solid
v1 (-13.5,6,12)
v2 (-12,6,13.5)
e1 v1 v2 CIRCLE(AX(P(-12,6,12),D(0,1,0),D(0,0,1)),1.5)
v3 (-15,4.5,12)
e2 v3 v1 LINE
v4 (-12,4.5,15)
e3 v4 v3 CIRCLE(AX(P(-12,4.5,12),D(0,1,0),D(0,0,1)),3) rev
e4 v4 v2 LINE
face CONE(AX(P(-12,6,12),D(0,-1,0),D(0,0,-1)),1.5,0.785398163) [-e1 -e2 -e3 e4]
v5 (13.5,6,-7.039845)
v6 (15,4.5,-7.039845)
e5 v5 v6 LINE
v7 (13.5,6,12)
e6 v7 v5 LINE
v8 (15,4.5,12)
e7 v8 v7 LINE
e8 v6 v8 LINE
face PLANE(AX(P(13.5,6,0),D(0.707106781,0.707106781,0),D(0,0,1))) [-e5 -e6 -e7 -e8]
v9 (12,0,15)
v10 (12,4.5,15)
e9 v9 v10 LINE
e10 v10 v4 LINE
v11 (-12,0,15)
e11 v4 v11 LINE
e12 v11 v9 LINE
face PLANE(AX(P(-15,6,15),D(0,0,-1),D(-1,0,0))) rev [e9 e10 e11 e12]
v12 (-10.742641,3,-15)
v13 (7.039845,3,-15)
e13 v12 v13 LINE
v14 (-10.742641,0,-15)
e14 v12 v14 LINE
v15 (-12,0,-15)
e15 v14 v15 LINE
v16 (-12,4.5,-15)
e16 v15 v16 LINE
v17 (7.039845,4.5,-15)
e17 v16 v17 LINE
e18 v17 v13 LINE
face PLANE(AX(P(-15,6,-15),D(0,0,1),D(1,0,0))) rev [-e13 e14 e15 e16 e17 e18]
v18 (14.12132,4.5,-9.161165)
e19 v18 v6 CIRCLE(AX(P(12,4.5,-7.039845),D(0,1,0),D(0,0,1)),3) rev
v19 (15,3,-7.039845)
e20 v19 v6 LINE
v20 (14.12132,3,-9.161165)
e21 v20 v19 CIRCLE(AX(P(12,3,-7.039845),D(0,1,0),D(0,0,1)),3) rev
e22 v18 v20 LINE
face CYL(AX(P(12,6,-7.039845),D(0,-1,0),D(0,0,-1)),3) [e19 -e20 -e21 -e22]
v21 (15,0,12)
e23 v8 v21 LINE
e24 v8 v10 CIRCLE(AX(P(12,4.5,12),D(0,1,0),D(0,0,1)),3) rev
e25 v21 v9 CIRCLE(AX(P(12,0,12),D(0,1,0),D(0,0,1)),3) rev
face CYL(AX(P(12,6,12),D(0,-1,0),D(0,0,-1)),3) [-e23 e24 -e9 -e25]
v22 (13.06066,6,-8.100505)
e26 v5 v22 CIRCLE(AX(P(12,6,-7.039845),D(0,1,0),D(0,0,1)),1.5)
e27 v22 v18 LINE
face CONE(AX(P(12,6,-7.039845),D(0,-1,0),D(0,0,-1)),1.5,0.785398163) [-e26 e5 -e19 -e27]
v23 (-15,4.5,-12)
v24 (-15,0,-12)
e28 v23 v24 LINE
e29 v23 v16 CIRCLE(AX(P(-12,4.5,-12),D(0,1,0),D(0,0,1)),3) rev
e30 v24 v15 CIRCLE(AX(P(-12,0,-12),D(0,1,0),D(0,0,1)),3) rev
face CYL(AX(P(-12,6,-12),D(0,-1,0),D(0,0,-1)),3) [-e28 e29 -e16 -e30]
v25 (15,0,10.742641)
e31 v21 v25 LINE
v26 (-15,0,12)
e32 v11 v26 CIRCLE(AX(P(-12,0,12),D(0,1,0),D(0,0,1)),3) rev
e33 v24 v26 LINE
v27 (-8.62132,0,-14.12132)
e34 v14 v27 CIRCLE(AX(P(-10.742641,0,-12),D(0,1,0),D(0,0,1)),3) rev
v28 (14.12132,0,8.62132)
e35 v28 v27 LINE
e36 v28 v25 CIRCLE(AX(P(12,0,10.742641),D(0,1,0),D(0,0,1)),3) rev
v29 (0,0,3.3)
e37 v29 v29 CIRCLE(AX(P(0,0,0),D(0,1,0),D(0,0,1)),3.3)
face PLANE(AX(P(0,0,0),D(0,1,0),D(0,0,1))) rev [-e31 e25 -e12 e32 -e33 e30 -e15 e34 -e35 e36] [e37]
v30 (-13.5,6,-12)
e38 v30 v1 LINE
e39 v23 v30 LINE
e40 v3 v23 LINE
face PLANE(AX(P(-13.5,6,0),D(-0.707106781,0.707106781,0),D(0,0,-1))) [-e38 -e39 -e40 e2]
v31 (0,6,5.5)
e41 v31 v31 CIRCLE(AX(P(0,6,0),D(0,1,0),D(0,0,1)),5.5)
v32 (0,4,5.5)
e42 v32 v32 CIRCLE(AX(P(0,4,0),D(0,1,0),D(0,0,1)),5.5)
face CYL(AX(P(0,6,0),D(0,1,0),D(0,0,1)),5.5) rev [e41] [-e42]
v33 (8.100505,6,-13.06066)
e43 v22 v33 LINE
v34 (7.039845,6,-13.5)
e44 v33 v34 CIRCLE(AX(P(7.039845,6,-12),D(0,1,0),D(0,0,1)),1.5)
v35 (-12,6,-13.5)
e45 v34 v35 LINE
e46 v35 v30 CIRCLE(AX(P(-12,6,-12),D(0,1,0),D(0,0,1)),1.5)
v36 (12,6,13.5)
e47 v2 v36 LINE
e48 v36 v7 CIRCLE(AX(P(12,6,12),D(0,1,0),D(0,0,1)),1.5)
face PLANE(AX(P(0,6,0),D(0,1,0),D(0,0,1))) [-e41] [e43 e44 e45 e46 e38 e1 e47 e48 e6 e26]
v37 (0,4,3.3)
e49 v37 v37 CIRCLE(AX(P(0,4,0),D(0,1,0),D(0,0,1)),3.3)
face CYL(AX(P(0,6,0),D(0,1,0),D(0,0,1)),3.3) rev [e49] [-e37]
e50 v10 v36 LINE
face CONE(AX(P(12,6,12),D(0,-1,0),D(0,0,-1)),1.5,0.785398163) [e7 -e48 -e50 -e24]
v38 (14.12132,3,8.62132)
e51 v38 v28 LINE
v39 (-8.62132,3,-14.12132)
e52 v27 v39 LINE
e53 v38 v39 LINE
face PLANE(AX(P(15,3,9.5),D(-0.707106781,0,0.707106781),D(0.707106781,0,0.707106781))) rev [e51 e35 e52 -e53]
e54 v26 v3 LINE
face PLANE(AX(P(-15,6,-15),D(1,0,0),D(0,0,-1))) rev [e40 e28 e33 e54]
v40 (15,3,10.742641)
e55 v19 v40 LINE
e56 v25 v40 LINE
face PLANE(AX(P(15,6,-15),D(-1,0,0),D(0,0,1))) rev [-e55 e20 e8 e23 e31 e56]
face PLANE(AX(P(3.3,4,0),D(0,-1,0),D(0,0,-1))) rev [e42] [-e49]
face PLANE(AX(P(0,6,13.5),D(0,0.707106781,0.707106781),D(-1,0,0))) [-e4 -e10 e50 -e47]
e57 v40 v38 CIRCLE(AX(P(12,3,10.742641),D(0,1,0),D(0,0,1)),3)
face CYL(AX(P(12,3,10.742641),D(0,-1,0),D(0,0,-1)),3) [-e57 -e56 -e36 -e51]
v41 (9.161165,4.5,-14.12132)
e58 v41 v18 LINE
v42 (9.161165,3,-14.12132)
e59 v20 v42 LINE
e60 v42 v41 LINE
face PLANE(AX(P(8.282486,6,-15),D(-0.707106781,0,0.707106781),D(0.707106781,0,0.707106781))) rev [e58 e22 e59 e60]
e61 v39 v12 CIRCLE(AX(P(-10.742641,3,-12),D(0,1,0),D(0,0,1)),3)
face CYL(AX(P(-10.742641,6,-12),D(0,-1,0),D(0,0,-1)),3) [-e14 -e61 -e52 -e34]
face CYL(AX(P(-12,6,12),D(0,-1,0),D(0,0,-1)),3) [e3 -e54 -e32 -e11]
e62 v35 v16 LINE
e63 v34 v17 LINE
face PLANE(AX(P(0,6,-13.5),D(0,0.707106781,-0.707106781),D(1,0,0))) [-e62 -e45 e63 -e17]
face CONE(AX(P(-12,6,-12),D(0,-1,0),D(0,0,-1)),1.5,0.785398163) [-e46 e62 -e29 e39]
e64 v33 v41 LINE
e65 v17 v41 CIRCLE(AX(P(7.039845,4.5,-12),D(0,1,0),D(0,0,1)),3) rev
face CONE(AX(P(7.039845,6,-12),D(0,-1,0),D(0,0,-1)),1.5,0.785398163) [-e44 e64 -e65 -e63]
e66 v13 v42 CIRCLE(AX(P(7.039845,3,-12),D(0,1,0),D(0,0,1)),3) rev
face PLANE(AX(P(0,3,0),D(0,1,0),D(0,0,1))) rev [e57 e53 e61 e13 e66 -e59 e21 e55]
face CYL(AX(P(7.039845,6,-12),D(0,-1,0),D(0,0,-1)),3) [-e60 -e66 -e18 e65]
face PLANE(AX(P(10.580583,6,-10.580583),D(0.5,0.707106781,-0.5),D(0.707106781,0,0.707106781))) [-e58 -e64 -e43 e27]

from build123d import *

# Parameters (mm, degrees)
SKETCH1_W                                           = 30
SKETCH1_H                                           = 30
BOSS_EXTRUDE1_DEPTH                                 = 6
CUT_EXTRUDE1_DEPTH                                  = 3
CUT_EXTRUDE2_DEPTH                                  = 22.424285286
FILLET1_R                                           = 3
CHAMFER1_SIZE                                       = 1.5
CBORE_FOR_M6_HEX_SOCKET_HEAD_CAP_SCREW1_D           = 6.6
CBORE_FOR_M6_HEX_SOCKET_HEAD_CAP_SCREW1_CBORE_D     = 11
CBORE_FOR_M6_HEX_SOCKET_HEAD_CAP_SCREW1_CBORE_DEPTH = 2


with BuildPart() as part:
    # Sketch1 → Boss-Extrude1 (new body)
    with BuildSketch(Plane(origin=(0, 0, 0), x_dir=(1, 0, 0), z_dir=(0, 1, 0))):
        Rectangle(SKETCH1_W, SKETCH1_H)
    extrude(amount=BOSS_EXTRUDE1_DEPTH)

    # Sketch2 → Cut-Extrude1 (cut)
    with BuildSketch(Plane.XZ):
        Polygon((15, 9.5), (-9.5, -15), (15, -15), align=None)
    extrude(amount=-CUT_EXTRUDE1_DEPTH, mode=Mode.SUBTRACT)

    # Sketch3 → Cut-Extrude2 (cut, through all)
    with BuildSketch(Plane.XZ.offset(-3)):
        Polygon((15, -8.282485579), (15, -15), (8.282485579, -15), align=None)
    extrude(amount=-CUT_EXTRUDE2_DEPTH, mode=Mode.SUBTRACT)

    # Fillet1
    fillet1_edges = [part.edges().sort_by_distance(p)[0] for p in [
        (15, 1.5, 9.5),
        (-9.5, 1.5, -15),
        (8.282485579, 4.5, -15),
        (15, 4.5, -8.282485579),
        (15, 3, 15),
        (-15, 3, 15),
        (-15, 3, -15),
    ]]
    fillet(fillet1_edges, radius=FILLET1_R)

    # Chamfer1
    chamfer1_edges = [part.edges().sort_by_distance(p)[0] for p in [
        (15, 6, 2.480077554),
        (-2.480077554, 6, -15),
        (0, 6, 15),
        (-15, 6, 0),
        (11.641242789, 6, -11.641242789),
        (14.121320344, 6, 14.121320344),
        (14.771638598, 6, -8.187895189),
        (8.187895189, 6, -14.771638598),
        (-14.121320344, 6, -14.121320344),
        (-14.121320344, 6, 14.121320344),
    ]]
    chamfer(chamfer1_edges, length=CHAMFER1_SIZE)

    # CBORE for M6 Hex Socket Head Cap Screw1 (through all)
    with Locations(Plane(origin=(0, 6, 0), x_dir=(1, 0, 0), z_dir=(0, 1, 0))):
        with Locations((0, 0)):
            CounterBoreHole(CBORE_FOR_M6_HEX_SOCKET_HEAD_CAP_SCREW1_D / 2, CBORE_FOR_M6_HEX_SOCKET_HEAD_CAP_SCREW1_CBORE_D / 2, CBORE_FOR_M6_HEX_SOCKET_HEAD_CAP_SCREW1_CBORE_DEPTH)


solid = part.part
